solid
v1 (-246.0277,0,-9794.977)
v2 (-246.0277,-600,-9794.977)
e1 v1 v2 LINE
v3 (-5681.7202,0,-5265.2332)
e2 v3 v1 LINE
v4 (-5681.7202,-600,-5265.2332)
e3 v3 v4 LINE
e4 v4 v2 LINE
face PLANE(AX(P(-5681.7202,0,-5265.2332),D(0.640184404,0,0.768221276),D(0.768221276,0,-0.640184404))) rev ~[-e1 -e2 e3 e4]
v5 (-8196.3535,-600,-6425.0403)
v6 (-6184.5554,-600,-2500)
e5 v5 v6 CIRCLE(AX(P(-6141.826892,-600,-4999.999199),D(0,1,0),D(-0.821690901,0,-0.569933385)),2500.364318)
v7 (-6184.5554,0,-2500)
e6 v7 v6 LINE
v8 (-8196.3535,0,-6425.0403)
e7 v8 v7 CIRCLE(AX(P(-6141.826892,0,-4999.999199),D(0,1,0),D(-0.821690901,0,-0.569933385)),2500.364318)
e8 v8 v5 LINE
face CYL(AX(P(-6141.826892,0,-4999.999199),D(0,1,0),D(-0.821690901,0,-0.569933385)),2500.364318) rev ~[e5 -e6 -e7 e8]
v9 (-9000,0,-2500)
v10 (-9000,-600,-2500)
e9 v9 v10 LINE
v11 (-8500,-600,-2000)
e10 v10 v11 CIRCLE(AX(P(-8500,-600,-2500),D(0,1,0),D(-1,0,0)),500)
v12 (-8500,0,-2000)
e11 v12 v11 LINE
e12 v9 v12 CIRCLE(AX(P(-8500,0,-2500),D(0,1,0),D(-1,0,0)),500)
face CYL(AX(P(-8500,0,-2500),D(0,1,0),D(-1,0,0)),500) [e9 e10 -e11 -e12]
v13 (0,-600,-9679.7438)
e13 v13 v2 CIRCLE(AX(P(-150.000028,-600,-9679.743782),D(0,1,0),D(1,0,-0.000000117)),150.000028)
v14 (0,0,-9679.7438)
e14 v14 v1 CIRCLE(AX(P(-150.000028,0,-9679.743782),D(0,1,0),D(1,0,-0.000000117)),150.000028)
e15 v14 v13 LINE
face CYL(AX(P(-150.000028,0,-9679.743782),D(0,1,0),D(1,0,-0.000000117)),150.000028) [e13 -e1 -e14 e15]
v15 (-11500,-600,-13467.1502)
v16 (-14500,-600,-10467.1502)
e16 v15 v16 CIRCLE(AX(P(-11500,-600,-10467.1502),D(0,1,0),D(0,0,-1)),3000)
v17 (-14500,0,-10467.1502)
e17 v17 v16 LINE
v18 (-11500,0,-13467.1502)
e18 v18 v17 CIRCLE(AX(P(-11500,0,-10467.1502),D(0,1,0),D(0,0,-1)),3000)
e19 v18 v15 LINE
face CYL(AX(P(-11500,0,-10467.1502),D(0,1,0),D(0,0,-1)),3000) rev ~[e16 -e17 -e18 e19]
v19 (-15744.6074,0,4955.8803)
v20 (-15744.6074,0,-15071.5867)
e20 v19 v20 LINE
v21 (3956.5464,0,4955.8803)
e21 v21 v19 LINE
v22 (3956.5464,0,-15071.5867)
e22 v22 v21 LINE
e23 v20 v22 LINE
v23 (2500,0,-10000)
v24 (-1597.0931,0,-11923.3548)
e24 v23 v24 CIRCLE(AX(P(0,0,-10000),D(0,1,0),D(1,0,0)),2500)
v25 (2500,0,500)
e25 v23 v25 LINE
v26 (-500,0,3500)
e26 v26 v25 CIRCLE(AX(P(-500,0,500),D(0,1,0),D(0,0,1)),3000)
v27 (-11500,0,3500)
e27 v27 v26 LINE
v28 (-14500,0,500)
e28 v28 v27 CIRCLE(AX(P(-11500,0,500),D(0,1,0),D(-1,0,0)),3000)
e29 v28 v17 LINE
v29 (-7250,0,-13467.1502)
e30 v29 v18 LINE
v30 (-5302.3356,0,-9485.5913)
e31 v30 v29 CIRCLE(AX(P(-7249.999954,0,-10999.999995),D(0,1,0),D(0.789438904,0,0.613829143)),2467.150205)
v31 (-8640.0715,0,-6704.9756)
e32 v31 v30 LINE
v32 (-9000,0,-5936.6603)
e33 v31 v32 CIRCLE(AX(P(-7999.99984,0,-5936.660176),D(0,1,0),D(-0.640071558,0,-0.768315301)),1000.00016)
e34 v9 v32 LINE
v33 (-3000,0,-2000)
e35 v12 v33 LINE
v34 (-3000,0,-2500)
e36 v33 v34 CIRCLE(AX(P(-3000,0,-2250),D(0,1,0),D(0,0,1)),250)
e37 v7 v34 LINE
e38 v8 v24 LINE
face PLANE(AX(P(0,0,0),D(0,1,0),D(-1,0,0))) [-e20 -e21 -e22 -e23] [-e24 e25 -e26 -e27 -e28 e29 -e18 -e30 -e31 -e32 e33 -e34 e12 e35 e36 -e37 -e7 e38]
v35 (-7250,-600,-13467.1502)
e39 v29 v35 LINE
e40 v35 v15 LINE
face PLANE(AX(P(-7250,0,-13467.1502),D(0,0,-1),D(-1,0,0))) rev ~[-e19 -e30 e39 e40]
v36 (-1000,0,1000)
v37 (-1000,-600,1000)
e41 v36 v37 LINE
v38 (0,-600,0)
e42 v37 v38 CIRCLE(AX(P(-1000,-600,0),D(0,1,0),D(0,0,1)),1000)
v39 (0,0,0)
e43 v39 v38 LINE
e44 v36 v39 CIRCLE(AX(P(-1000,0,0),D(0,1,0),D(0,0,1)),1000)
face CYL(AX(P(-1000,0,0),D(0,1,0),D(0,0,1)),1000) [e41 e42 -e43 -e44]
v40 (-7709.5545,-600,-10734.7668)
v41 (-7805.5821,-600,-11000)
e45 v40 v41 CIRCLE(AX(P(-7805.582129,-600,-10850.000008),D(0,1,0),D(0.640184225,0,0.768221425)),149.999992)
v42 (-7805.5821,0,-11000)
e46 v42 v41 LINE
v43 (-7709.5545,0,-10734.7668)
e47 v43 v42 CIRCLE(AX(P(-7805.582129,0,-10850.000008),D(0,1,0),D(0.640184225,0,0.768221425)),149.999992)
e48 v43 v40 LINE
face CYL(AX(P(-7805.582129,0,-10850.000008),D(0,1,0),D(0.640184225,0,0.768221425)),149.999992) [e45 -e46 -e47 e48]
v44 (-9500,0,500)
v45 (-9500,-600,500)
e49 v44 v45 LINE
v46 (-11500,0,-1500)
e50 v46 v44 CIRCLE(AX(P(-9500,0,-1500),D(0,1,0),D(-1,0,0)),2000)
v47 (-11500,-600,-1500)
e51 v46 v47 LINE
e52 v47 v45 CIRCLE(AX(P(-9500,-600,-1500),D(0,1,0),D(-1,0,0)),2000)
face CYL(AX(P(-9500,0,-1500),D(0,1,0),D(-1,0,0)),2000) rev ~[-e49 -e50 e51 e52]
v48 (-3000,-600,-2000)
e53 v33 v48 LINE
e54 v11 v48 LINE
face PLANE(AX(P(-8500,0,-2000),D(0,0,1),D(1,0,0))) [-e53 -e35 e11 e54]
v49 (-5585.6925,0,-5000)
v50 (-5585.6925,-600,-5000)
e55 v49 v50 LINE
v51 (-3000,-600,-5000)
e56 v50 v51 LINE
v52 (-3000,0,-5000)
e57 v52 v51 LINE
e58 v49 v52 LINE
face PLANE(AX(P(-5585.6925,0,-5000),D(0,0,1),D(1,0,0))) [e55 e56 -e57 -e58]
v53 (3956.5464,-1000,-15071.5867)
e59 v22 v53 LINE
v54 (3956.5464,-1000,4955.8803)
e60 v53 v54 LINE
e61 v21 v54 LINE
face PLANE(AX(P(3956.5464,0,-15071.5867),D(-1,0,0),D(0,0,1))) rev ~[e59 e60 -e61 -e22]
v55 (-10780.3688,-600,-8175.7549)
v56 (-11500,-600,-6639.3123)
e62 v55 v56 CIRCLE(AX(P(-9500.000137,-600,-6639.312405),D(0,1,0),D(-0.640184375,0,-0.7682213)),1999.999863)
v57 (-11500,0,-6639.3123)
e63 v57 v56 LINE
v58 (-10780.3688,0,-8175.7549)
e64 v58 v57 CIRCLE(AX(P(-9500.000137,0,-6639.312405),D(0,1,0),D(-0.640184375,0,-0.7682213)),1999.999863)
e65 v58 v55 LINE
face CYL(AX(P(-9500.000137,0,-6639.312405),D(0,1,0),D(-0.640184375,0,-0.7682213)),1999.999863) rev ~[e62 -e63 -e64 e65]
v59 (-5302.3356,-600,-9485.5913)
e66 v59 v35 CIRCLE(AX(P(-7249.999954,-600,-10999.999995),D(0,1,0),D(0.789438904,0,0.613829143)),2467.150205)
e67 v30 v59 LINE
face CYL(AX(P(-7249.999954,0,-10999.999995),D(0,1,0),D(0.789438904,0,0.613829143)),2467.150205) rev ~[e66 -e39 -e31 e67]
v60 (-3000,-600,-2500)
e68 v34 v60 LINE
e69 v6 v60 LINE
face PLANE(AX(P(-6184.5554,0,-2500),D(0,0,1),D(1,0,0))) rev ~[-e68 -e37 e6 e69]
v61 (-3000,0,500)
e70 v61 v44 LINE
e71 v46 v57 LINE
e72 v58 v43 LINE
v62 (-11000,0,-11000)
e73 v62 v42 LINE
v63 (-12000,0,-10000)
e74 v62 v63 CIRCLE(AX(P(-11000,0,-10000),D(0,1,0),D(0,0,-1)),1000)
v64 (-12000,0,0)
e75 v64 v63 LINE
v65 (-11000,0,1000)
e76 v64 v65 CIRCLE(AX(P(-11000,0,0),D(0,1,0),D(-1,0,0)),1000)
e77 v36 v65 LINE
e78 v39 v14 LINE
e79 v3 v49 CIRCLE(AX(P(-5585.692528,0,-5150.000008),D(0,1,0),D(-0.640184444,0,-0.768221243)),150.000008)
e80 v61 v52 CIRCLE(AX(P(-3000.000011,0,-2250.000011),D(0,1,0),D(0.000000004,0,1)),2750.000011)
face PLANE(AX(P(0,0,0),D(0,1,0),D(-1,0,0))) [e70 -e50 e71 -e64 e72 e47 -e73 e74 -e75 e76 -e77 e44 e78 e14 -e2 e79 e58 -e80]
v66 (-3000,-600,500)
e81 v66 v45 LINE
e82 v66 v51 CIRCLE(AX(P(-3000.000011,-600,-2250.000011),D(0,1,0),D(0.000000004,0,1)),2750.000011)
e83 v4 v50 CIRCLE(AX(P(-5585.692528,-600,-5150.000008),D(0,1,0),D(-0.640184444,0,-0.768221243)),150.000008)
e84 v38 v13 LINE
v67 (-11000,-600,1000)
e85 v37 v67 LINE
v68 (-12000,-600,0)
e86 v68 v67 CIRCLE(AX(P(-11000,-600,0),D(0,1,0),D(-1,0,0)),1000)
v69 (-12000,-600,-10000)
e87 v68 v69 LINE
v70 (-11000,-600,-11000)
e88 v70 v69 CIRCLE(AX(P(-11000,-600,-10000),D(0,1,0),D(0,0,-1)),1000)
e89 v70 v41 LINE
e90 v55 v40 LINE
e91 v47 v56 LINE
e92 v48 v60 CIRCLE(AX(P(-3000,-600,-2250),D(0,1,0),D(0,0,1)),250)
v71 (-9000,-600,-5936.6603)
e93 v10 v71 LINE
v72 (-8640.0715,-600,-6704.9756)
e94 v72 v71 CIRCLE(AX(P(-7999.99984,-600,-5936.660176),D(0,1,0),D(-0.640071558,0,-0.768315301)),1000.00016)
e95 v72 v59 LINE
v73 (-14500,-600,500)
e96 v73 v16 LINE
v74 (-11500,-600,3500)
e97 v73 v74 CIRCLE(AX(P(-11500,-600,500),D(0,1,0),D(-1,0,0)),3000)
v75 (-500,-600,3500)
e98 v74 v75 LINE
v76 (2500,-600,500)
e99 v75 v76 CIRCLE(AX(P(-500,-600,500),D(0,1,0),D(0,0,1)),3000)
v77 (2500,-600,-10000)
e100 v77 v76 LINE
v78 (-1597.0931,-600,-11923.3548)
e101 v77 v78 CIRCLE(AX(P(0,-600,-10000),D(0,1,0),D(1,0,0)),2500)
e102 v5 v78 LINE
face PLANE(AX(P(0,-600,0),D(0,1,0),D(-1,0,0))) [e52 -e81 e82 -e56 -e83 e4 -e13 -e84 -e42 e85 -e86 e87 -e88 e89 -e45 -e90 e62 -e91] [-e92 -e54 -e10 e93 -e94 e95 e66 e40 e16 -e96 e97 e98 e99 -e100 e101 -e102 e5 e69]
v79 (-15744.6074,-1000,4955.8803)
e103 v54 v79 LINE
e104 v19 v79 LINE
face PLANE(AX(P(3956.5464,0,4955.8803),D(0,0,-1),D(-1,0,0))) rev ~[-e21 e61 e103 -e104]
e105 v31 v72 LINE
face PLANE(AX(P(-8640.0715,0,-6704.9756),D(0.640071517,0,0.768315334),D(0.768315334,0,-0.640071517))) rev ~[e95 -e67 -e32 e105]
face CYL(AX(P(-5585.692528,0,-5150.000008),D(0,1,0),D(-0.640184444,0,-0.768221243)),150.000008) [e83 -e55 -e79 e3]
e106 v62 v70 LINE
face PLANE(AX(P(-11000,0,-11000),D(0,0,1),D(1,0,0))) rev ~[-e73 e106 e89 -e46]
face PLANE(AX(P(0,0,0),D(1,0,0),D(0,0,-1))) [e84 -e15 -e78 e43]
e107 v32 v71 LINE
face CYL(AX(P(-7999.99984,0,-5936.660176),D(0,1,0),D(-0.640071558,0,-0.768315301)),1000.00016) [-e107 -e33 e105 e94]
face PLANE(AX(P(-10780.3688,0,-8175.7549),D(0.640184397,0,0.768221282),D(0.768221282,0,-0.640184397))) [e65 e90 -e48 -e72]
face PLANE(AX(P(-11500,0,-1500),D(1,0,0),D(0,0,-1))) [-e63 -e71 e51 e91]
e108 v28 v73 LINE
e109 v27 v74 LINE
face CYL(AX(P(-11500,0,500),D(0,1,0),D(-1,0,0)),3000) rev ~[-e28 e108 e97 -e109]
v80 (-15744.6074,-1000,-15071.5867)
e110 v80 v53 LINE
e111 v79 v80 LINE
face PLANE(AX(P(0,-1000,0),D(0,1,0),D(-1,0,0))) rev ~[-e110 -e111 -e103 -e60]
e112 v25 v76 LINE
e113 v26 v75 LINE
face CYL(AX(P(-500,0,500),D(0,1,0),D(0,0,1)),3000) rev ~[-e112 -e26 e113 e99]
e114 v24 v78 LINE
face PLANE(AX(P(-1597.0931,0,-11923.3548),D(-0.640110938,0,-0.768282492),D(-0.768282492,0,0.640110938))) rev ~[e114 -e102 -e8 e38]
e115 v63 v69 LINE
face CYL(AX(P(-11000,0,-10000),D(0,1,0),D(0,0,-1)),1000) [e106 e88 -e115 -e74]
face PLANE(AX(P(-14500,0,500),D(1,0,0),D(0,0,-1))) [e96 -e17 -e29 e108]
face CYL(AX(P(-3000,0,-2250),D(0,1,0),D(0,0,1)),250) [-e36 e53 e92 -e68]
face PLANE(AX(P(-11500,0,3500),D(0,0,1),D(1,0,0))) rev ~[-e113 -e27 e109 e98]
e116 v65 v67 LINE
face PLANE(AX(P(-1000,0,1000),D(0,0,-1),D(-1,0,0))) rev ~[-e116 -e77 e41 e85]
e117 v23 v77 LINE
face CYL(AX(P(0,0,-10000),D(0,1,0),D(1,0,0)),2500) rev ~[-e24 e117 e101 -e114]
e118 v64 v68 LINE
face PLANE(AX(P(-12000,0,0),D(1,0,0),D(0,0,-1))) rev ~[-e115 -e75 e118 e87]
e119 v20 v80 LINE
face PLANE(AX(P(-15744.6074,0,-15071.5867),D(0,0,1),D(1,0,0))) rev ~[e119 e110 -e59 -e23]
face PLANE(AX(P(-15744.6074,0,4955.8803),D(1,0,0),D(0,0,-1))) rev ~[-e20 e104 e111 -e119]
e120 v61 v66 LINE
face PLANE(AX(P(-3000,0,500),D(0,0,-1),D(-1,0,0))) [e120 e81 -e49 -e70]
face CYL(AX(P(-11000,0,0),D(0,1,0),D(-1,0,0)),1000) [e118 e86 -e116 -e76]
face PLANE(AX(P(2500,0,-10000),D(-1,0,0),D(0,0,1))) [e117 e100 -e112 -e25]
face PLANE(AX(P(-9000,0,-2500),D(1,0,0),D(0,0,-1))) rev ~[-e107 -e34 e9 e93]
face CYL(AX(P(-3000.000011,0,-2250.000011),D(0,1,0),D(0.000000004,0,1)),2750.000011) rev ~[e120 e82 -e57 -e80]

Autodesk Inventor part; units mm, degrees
ref_plane "YZ Plane" through (0, 0, 0) normal (1, 0, 0) x (0, 1, 0)
ref_plane "XZ Plane" through (0, 0, 0) normal (0, 1, 0) x (-1, 0, 0)
ref_plane "XY Plane" through (0, 0, 0) normal (0, 0, 1) x (1, 0, 0)
sketch "Boceto2" plane through (0, 0, 0) normal (0, 1, 0) x (-1, 0, 0)
  line L0 (-3956.5464, 4955.8803) -> (15744.6074, 4955.8803)
  line L1 (15744.6074, 4955.8803) -> (15744.6074, -15071.5867)
  line L2 (15744.6074, -15071.5867) -> (-3956.5464, -15071.5867)
  line L3 (-3956.5464, -15071.5867) -> (-3956.5464, 4955.8803)
  point P0 (0, 0)
extrude "Extrusión1" add sketch "Boceto2" against normal blind 1000
sketch "Boceto1" plane through (0, 0, 0) normal (0, 1, 0) x (-1, 0, 0)
  line L0 (0, 0) -> (0, -9679.7438)
  line L1 (1000, 1000) -> (11000, 1000)
  line L2 (12000, 0) -> (12000, -10000)
  arc A0 (12000, 0) -> (11000, 1000) centre (11000, 0) ccw
  arc A1 (1000, 1000) -> (0, 0) centre (1000, 0) ccw
  arc A2 (11000, -11000) -> (12000, -10000) centre (11000, -10000) ccw
  line L3 (500, -10000) -> (6654.0664, -10000) construction
  line L4 (8500, -2000) -> (3000, -2000)
  line L5 (5681.7202, -5265.2332) -> (246.0277, -9794.977)
  line L6 (9000, -2500) -> (9000, -5936.6603)
  line L7 (11000, -11000) -> (7805.5821, -11000)
  line L8 (11500, -1500) -> (11500, -6639.3123)
  line L9 (10780.3688, -8175.7549) -> (7709.5545, -10734.7668)
  line L10 (14500, 500) -> (14500, -10467.1502)
  line L11 (11500, 3500) -> (500, 3500)
  arc A3 (14500, 500) -> (11500, 3500) centre (11500, 500) ccw
  arc A4 (11500, -13467.1502) -> (14500, -10467.1502) centre (11500, -10467.1502) ccw
  arc A5 (500, 3500) -> (-2500, 500) centre (500, 500) ccw
  arc A6 (9000, -2500) -> (8500, -2000) centre (8500, -2500) ccw
  arc A7 (3000, -2000) -> (3000, -2500) centre (3000, -2250) ccw
  arc A8 (5681.7202, -5265.2332) -> (5585.6925, -5000) centre (5585.6925, -5150) ccw
  arc A9 (7709.5545, -10734.7668) -> (7805.5821, -11000) centre (7805.5821, -10850) ccw
  arc A10 (0, -9679.7438) -> (246.0277, -9794.977) centre (150, -9679.7438) ccw
  arc A11 (8196.3535, -6425.0403) -> (6184.5554, -2500) centre (6141.8269, -4999.9992) ccw
  arc A12 (3000, 500) -> (3042.8411, -4999.6663) centre (3000, -2250) ccw
  line L12 (3000, 500) -> (9500, 500)
  line L13 (5585.6925, -5000) -> (3000, -5000)
  arc A13 (5302.3356, -9485.5913) -> (7250, -13467.1502) centre (7250, -11000) ccw
  line L14 (8640.0715, -6704.9756) -> (5302.3356, -9485.5913)
  line L15 (7250, -13467.1502) -> (11500, -13467.1502)
  arc A14 (-2500, -10000) -> (1603.4572, -11918.0524) centre (0, -10000) ccw
  line L16 (1597.0931, -11923.3548) -> (8196.3535, -6425.0403)
  arc A15 (11500, -1500) -> (9500, 500) centre (9500, -1500) ccw
  arc A16 (10780.3688, -8175.7549) -> (11500, -6639.3123) centre (9500, -6639.3123) ccw
  arc A17 (8640.0715, -6704.9756) -> (9000, -5936.6603) centre (8000, -5936.6603) ccw
  line L17 (6184.5554, -2500) -> (3000, -2500)
  line L18 (-2500, -10000) -> (-2500, 500)
  dimension "d0" = 10000
  dimension "d1" = 10000
  dimension "d2" = 10000
  dimension "d21" = 3000
  dimension "d22" = 500
  dimension "d23" = 150
  dimension "d24" = 2000
  dimension "d25" = 2000
  dimension "d26" = 1000
extrude "Extrusión2" cut sketch "Boceto1" against normal blind 600 contours L4 A7 L17 A11 L16 A14 L18 A5 L11 A3 L10 A4 L15 A13 L14 A17 L6 A6
properties part number "pista"
